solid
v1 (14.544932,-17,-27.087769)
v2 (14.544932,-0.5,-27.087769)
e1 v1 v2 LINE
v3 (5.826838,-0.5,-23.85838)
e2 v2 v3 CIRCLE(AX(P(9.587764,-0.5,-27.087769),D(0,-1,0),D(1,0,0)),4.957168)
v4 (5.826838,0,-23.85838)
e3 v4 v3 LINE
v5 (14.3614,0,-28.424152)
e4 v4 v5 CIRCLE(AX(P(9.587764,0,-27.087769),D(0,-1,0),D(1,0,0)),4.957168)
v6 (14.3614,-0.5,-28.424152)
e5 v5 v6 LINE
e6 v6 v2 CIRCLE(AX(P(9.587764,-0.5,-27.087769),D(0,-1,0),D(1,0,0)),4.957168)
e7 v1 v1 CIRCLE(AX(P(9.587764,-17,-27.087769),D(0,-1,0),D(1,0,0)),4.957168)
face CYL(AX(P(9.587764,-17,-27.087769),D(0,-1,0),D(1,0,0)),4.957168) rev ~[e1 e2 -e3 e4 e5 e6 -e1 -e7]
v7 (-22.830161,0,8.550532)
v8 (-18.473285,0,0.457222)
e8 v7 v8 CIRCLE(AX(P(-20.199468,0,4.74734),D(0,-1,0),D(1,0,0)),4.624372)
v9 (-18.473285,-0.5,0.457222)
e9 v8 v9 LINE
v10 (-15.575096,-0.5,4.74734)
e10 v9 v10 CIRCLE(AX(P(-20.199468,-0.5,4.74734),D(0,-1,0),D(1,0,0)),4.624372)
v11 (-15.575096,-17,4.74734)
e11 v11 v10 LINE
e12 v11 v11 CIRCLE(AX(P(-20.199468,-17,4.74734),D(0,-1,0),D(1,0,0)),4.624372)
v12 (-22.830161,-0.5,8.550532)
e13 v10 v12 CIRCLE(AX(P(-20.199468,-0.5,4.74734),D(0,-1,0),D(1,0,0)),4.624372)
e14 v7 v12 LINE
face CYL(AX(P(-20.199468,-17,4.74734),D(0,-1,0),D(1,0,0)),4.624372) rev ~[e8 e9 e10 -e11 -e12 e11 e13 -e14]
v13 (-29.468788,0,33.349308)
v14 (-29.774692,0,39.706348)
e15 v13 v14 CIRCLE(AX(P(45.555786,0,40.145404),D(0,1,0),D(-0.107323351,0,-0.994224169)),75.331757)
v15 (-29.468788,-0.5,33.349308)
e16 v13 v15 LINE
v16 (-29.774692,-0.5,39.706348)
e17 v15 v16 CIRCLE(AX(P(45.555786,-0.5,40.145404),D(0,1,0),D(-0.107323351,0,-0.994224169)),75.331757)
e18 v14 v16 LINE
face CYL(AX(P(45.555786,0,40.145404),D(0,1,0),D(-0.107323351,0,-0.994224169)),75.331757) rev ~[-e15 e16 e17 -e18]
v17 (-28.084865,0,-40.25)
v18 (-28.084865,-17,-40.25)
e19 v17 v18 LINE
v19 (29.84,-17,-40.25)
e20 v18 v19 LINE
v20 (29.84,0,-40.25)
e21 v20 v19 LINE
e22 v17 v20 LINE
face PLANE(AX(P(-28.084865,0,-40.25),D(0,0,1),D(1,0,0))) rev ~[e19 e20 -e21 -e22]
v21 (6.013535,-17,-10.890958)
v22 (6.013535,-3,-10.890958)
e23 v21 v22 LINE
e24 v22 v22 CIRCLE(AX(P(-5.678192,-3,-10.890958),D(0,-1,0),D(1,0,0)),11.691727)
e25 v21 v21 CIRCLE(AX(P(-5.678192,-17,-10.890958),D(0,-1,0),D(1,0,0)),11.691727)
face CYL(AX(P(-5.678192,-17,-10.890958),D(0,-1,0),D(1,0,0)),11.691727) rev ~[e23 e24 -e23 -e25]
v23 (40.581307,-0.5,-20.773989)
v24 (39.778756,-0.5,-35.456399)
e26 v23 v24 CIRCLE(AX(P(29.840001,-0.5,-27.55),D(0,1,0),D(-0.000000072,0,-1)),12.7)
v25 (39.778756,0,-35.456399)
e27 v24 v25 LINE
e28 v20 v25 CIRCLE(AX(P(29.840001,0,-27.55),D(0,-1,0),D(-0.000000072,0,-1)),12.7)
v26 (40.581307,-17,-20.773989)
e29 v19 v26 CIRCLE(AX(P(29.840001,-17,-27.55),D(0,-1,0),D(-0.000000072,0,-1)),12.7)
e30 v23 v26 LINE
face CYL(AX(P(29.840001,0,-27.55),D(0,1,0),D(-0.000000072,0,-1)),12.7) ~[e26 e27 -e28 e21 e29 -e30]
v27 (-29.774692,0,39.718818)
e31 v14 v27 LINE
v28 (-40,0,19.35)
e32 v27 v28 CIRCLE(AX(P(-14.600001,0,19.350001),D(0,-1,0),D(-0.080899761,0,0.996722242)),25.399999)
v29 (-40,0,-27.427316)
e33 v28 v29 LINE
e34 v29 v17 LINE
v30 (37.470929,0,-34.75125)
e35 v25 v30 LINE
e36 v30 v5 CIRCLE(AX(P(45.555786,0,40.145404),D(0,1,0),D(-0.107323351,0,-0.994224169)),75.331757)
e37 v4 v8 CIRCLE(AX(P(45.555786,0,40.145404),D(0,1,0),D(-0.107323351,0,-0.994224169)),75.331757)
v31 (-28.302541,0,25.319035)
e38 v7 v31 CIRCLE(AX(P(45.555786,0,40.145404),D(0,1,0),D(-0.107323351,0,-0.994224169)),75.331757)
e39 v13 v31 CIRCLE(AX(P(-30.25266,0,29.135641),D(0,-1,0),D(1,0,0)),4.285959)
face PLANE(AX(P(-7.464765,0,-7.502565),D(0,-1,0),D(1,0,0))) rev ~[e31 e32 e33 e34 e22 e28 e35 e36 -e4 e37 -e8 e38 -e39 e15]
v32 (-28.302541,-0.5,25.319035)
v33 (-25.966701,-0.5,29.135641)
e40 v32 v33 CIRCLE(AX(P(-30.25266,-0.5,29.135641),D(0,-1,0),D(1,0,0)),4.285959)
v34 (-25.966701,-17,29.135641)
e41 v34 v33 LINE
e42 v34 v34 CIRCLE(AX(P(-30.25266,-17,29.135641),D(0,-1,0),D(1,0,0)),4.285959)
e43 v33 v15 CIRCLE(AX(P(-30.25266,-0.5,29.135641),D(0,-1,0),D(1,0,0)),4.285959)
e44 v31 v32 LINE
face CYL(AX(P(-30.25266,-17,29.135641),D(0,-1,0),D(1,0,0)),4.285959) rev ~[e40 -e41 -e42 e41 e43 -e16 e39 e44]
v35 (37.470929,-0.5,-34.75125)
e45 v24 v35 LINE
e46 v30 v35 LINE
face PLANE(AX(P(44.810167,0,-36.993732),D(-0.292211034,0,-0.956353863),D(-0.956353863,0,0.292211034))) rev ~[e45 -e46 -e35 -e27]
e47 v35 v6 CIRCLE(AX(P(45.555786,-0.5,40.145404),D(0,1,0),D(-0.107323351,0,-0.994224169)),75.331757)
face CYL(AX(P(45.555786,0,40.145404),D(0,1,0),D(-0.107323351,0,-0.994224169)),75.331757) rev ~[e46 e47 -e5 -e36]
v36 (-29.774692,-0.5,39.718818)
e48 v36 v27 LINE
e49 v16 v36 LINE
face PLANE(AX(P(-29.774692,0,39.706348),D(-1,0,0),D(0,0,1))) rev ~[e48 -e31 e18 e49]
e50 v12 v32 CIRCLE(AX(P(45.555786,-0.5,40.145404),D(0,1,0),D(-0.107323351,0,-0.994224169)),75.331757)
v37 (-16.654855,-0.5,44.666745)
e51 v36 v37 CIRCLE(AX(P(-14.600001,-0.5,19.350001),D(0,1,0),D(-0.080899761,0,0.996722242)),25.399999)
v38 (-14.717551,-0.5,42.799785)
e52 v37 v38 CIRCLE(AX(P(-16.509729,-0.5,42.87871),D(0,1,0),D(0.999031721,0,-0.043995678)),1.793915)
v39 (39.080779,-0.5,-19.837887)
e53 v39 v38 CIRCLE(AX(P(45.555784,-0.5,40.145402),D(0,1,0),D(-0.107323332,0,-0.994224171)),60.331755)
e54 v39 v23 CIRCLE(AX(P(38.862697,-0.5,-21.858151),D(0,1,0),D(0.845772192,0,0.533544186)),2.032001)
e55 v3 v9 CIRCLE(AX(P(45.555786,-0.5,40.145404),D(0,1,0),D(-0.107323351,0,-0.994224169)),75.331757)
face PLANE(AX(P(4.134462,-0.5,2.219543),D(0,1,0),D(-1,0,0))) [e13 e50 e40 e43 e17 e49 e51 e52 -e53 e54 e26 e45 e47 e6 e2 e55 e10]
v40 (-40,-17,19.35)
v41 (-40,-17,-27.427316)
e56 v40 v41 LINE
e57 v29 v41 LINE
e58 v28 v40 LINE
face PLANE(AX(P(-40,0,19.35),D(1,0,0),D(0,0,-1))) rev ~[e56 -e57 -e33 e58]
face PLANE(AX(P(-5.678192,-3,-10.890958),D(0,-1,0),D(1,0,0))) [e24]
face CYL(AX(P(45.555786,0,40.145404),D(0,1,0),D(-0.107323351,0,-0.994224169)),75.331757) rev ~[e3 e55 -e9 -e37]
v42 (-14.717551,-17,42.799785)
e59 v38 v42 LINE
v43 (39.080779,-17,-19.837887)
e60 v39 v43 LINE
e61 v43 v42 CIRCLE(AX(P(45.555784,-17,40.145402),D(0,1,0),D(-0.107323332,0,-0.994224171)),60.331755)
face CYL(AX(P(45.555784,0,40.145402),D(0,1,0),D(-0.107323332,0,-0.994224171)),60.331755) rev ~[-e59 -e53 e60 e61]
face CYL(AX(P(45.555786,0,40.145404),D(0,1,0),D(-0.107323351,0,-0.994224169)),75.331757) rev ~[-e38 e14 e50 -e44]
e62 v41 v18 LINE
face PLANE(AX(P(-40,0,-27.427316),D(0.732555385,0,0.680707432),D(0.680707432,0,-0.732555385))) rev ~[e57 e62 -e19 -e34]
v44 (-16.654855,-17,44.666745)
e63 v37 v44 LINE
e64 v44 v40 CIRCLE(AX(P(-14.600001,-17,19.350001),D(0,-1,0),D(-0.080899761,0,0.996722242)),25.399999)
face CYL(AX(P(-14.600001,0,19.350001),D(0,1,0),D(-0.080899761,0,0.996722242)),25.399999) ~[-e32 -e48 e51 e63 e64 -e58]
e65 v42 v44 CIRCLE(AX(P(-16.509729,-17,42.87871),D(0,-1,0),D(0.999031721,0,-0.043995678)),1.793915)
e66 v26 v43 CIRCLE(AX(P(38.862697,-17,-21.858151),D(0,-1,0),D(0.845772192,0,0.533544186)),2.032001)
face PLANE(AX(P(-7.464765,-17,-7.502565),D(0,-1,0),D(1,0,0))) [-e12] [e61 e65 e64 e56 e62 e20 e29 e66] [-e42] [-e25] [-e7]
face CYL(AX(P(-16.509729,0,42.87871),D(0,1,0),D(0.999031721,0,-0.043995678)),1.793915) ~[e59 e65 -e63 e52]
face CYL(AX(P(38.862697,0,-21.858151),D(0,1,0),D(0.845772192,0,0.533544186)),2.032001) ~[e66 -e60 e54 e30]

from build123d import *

# Parameters (mm, degrees)
F1_DEPTH = 17
F2_R     = 11.691727
F3_DEPTH = 14
F4_R     = 4.624372
F4_R_2   = 4.285959
F4_R_3   = 4.957168
F5_DEPTH = 25
F7_DEPTH = 0.5


with BuildPart() as f1:
    # F0 (on Front) → F1 (new body)
    with BuildSketch(Plane.XZ):
        with BuildLine():
            Line((-40, -27.427316), (-28.084865, -40.25))
            Line((-28.084865, -40.25), (29.84, -40.25))
            ThreePointArc((29.84, -40.25), (40.960822, -33.683297), (40.581307, -20.773989))
            ThreePointArc((40.581307, -20.773989), (39.938227, -20.134126), (39.080779, -19.837887))
            ThreePointArc((39.080779, -19.837887), (-0.21216, 0.836167), (-14.717551, 42.799785))
            ThreePointArc((-14.717551, 42.799785), (-15.264908, 44.170434), (-16.654855, 44.666745))
            ThreePointArc((-16.654855, 44.666745), (-33.272886, 36.568692), (-40, 19.35))
            Line((-40, 19.35), (-40, -27.427316))
        make_face()
    extrude(amount=F1_DEPTH)

    # F2 (on face) → F3 (cut)
    with BuildSketch(Plane.XZ.offset(17)):
        with Locations((-5.678192, -10.890958)):
            Circle(F2_R)
    extrude(amount=-F3_DEPTH, mode=Mode.SUBTRACT)

    # F4 (on face) → F5 (cut)
    with BuildSketch(Plane.XZ.offset(17)):
        with Locations((-20.199468, 4.74734)):
            Circle(F4_R)
        with Locations((-30.25266, 29.135641)):
            Circle(F4_R_2)
        with Locations((9.587764, -27.087769)):
            Circle(F4_R_3)
    extrude(amount=-F5_DEPTH, mode=Mode.SUBTRACT)

    # F6 (on face) → F7 (cut)
    with BuildSketch(Plane(origin=(0, 0, 0), x_dir=(-1, 0, 0), z_dir=(0, 1, 0))):
        with BuildLine():
            ThreePointArc((-37.470929, -34.75125), (10.350502, -10.34579), (29.774692, 39.706348))
            Line((29.774692, 39.706348), (29.774692, 45.691768))
            ThreePointArc((29.774692, 45.691768), (23.636454, 48.375894), (17.059354, 49.650356))
            Line((17.059354, 49.650356), (9.722393, 42.579803))
            ThreePointArc((9.722393, 42.579803), (-3.580862, 4.093924), (-39.617395, -14.866766))
            Line((-39.617395, -14.866766), (-44.810167, -18.106268))
            ThreePointArc((-44.810167, -18.106268), (-47.539999, -27.55), (-44.810167, -36.993732))
            Line((-44.810167, -36.993732), (-37.470929, -34.75125))
        make_face()
    extrude(amount=-F7_DEPTH, mode=Mode.SUBTRACT)


solid = f1.part
